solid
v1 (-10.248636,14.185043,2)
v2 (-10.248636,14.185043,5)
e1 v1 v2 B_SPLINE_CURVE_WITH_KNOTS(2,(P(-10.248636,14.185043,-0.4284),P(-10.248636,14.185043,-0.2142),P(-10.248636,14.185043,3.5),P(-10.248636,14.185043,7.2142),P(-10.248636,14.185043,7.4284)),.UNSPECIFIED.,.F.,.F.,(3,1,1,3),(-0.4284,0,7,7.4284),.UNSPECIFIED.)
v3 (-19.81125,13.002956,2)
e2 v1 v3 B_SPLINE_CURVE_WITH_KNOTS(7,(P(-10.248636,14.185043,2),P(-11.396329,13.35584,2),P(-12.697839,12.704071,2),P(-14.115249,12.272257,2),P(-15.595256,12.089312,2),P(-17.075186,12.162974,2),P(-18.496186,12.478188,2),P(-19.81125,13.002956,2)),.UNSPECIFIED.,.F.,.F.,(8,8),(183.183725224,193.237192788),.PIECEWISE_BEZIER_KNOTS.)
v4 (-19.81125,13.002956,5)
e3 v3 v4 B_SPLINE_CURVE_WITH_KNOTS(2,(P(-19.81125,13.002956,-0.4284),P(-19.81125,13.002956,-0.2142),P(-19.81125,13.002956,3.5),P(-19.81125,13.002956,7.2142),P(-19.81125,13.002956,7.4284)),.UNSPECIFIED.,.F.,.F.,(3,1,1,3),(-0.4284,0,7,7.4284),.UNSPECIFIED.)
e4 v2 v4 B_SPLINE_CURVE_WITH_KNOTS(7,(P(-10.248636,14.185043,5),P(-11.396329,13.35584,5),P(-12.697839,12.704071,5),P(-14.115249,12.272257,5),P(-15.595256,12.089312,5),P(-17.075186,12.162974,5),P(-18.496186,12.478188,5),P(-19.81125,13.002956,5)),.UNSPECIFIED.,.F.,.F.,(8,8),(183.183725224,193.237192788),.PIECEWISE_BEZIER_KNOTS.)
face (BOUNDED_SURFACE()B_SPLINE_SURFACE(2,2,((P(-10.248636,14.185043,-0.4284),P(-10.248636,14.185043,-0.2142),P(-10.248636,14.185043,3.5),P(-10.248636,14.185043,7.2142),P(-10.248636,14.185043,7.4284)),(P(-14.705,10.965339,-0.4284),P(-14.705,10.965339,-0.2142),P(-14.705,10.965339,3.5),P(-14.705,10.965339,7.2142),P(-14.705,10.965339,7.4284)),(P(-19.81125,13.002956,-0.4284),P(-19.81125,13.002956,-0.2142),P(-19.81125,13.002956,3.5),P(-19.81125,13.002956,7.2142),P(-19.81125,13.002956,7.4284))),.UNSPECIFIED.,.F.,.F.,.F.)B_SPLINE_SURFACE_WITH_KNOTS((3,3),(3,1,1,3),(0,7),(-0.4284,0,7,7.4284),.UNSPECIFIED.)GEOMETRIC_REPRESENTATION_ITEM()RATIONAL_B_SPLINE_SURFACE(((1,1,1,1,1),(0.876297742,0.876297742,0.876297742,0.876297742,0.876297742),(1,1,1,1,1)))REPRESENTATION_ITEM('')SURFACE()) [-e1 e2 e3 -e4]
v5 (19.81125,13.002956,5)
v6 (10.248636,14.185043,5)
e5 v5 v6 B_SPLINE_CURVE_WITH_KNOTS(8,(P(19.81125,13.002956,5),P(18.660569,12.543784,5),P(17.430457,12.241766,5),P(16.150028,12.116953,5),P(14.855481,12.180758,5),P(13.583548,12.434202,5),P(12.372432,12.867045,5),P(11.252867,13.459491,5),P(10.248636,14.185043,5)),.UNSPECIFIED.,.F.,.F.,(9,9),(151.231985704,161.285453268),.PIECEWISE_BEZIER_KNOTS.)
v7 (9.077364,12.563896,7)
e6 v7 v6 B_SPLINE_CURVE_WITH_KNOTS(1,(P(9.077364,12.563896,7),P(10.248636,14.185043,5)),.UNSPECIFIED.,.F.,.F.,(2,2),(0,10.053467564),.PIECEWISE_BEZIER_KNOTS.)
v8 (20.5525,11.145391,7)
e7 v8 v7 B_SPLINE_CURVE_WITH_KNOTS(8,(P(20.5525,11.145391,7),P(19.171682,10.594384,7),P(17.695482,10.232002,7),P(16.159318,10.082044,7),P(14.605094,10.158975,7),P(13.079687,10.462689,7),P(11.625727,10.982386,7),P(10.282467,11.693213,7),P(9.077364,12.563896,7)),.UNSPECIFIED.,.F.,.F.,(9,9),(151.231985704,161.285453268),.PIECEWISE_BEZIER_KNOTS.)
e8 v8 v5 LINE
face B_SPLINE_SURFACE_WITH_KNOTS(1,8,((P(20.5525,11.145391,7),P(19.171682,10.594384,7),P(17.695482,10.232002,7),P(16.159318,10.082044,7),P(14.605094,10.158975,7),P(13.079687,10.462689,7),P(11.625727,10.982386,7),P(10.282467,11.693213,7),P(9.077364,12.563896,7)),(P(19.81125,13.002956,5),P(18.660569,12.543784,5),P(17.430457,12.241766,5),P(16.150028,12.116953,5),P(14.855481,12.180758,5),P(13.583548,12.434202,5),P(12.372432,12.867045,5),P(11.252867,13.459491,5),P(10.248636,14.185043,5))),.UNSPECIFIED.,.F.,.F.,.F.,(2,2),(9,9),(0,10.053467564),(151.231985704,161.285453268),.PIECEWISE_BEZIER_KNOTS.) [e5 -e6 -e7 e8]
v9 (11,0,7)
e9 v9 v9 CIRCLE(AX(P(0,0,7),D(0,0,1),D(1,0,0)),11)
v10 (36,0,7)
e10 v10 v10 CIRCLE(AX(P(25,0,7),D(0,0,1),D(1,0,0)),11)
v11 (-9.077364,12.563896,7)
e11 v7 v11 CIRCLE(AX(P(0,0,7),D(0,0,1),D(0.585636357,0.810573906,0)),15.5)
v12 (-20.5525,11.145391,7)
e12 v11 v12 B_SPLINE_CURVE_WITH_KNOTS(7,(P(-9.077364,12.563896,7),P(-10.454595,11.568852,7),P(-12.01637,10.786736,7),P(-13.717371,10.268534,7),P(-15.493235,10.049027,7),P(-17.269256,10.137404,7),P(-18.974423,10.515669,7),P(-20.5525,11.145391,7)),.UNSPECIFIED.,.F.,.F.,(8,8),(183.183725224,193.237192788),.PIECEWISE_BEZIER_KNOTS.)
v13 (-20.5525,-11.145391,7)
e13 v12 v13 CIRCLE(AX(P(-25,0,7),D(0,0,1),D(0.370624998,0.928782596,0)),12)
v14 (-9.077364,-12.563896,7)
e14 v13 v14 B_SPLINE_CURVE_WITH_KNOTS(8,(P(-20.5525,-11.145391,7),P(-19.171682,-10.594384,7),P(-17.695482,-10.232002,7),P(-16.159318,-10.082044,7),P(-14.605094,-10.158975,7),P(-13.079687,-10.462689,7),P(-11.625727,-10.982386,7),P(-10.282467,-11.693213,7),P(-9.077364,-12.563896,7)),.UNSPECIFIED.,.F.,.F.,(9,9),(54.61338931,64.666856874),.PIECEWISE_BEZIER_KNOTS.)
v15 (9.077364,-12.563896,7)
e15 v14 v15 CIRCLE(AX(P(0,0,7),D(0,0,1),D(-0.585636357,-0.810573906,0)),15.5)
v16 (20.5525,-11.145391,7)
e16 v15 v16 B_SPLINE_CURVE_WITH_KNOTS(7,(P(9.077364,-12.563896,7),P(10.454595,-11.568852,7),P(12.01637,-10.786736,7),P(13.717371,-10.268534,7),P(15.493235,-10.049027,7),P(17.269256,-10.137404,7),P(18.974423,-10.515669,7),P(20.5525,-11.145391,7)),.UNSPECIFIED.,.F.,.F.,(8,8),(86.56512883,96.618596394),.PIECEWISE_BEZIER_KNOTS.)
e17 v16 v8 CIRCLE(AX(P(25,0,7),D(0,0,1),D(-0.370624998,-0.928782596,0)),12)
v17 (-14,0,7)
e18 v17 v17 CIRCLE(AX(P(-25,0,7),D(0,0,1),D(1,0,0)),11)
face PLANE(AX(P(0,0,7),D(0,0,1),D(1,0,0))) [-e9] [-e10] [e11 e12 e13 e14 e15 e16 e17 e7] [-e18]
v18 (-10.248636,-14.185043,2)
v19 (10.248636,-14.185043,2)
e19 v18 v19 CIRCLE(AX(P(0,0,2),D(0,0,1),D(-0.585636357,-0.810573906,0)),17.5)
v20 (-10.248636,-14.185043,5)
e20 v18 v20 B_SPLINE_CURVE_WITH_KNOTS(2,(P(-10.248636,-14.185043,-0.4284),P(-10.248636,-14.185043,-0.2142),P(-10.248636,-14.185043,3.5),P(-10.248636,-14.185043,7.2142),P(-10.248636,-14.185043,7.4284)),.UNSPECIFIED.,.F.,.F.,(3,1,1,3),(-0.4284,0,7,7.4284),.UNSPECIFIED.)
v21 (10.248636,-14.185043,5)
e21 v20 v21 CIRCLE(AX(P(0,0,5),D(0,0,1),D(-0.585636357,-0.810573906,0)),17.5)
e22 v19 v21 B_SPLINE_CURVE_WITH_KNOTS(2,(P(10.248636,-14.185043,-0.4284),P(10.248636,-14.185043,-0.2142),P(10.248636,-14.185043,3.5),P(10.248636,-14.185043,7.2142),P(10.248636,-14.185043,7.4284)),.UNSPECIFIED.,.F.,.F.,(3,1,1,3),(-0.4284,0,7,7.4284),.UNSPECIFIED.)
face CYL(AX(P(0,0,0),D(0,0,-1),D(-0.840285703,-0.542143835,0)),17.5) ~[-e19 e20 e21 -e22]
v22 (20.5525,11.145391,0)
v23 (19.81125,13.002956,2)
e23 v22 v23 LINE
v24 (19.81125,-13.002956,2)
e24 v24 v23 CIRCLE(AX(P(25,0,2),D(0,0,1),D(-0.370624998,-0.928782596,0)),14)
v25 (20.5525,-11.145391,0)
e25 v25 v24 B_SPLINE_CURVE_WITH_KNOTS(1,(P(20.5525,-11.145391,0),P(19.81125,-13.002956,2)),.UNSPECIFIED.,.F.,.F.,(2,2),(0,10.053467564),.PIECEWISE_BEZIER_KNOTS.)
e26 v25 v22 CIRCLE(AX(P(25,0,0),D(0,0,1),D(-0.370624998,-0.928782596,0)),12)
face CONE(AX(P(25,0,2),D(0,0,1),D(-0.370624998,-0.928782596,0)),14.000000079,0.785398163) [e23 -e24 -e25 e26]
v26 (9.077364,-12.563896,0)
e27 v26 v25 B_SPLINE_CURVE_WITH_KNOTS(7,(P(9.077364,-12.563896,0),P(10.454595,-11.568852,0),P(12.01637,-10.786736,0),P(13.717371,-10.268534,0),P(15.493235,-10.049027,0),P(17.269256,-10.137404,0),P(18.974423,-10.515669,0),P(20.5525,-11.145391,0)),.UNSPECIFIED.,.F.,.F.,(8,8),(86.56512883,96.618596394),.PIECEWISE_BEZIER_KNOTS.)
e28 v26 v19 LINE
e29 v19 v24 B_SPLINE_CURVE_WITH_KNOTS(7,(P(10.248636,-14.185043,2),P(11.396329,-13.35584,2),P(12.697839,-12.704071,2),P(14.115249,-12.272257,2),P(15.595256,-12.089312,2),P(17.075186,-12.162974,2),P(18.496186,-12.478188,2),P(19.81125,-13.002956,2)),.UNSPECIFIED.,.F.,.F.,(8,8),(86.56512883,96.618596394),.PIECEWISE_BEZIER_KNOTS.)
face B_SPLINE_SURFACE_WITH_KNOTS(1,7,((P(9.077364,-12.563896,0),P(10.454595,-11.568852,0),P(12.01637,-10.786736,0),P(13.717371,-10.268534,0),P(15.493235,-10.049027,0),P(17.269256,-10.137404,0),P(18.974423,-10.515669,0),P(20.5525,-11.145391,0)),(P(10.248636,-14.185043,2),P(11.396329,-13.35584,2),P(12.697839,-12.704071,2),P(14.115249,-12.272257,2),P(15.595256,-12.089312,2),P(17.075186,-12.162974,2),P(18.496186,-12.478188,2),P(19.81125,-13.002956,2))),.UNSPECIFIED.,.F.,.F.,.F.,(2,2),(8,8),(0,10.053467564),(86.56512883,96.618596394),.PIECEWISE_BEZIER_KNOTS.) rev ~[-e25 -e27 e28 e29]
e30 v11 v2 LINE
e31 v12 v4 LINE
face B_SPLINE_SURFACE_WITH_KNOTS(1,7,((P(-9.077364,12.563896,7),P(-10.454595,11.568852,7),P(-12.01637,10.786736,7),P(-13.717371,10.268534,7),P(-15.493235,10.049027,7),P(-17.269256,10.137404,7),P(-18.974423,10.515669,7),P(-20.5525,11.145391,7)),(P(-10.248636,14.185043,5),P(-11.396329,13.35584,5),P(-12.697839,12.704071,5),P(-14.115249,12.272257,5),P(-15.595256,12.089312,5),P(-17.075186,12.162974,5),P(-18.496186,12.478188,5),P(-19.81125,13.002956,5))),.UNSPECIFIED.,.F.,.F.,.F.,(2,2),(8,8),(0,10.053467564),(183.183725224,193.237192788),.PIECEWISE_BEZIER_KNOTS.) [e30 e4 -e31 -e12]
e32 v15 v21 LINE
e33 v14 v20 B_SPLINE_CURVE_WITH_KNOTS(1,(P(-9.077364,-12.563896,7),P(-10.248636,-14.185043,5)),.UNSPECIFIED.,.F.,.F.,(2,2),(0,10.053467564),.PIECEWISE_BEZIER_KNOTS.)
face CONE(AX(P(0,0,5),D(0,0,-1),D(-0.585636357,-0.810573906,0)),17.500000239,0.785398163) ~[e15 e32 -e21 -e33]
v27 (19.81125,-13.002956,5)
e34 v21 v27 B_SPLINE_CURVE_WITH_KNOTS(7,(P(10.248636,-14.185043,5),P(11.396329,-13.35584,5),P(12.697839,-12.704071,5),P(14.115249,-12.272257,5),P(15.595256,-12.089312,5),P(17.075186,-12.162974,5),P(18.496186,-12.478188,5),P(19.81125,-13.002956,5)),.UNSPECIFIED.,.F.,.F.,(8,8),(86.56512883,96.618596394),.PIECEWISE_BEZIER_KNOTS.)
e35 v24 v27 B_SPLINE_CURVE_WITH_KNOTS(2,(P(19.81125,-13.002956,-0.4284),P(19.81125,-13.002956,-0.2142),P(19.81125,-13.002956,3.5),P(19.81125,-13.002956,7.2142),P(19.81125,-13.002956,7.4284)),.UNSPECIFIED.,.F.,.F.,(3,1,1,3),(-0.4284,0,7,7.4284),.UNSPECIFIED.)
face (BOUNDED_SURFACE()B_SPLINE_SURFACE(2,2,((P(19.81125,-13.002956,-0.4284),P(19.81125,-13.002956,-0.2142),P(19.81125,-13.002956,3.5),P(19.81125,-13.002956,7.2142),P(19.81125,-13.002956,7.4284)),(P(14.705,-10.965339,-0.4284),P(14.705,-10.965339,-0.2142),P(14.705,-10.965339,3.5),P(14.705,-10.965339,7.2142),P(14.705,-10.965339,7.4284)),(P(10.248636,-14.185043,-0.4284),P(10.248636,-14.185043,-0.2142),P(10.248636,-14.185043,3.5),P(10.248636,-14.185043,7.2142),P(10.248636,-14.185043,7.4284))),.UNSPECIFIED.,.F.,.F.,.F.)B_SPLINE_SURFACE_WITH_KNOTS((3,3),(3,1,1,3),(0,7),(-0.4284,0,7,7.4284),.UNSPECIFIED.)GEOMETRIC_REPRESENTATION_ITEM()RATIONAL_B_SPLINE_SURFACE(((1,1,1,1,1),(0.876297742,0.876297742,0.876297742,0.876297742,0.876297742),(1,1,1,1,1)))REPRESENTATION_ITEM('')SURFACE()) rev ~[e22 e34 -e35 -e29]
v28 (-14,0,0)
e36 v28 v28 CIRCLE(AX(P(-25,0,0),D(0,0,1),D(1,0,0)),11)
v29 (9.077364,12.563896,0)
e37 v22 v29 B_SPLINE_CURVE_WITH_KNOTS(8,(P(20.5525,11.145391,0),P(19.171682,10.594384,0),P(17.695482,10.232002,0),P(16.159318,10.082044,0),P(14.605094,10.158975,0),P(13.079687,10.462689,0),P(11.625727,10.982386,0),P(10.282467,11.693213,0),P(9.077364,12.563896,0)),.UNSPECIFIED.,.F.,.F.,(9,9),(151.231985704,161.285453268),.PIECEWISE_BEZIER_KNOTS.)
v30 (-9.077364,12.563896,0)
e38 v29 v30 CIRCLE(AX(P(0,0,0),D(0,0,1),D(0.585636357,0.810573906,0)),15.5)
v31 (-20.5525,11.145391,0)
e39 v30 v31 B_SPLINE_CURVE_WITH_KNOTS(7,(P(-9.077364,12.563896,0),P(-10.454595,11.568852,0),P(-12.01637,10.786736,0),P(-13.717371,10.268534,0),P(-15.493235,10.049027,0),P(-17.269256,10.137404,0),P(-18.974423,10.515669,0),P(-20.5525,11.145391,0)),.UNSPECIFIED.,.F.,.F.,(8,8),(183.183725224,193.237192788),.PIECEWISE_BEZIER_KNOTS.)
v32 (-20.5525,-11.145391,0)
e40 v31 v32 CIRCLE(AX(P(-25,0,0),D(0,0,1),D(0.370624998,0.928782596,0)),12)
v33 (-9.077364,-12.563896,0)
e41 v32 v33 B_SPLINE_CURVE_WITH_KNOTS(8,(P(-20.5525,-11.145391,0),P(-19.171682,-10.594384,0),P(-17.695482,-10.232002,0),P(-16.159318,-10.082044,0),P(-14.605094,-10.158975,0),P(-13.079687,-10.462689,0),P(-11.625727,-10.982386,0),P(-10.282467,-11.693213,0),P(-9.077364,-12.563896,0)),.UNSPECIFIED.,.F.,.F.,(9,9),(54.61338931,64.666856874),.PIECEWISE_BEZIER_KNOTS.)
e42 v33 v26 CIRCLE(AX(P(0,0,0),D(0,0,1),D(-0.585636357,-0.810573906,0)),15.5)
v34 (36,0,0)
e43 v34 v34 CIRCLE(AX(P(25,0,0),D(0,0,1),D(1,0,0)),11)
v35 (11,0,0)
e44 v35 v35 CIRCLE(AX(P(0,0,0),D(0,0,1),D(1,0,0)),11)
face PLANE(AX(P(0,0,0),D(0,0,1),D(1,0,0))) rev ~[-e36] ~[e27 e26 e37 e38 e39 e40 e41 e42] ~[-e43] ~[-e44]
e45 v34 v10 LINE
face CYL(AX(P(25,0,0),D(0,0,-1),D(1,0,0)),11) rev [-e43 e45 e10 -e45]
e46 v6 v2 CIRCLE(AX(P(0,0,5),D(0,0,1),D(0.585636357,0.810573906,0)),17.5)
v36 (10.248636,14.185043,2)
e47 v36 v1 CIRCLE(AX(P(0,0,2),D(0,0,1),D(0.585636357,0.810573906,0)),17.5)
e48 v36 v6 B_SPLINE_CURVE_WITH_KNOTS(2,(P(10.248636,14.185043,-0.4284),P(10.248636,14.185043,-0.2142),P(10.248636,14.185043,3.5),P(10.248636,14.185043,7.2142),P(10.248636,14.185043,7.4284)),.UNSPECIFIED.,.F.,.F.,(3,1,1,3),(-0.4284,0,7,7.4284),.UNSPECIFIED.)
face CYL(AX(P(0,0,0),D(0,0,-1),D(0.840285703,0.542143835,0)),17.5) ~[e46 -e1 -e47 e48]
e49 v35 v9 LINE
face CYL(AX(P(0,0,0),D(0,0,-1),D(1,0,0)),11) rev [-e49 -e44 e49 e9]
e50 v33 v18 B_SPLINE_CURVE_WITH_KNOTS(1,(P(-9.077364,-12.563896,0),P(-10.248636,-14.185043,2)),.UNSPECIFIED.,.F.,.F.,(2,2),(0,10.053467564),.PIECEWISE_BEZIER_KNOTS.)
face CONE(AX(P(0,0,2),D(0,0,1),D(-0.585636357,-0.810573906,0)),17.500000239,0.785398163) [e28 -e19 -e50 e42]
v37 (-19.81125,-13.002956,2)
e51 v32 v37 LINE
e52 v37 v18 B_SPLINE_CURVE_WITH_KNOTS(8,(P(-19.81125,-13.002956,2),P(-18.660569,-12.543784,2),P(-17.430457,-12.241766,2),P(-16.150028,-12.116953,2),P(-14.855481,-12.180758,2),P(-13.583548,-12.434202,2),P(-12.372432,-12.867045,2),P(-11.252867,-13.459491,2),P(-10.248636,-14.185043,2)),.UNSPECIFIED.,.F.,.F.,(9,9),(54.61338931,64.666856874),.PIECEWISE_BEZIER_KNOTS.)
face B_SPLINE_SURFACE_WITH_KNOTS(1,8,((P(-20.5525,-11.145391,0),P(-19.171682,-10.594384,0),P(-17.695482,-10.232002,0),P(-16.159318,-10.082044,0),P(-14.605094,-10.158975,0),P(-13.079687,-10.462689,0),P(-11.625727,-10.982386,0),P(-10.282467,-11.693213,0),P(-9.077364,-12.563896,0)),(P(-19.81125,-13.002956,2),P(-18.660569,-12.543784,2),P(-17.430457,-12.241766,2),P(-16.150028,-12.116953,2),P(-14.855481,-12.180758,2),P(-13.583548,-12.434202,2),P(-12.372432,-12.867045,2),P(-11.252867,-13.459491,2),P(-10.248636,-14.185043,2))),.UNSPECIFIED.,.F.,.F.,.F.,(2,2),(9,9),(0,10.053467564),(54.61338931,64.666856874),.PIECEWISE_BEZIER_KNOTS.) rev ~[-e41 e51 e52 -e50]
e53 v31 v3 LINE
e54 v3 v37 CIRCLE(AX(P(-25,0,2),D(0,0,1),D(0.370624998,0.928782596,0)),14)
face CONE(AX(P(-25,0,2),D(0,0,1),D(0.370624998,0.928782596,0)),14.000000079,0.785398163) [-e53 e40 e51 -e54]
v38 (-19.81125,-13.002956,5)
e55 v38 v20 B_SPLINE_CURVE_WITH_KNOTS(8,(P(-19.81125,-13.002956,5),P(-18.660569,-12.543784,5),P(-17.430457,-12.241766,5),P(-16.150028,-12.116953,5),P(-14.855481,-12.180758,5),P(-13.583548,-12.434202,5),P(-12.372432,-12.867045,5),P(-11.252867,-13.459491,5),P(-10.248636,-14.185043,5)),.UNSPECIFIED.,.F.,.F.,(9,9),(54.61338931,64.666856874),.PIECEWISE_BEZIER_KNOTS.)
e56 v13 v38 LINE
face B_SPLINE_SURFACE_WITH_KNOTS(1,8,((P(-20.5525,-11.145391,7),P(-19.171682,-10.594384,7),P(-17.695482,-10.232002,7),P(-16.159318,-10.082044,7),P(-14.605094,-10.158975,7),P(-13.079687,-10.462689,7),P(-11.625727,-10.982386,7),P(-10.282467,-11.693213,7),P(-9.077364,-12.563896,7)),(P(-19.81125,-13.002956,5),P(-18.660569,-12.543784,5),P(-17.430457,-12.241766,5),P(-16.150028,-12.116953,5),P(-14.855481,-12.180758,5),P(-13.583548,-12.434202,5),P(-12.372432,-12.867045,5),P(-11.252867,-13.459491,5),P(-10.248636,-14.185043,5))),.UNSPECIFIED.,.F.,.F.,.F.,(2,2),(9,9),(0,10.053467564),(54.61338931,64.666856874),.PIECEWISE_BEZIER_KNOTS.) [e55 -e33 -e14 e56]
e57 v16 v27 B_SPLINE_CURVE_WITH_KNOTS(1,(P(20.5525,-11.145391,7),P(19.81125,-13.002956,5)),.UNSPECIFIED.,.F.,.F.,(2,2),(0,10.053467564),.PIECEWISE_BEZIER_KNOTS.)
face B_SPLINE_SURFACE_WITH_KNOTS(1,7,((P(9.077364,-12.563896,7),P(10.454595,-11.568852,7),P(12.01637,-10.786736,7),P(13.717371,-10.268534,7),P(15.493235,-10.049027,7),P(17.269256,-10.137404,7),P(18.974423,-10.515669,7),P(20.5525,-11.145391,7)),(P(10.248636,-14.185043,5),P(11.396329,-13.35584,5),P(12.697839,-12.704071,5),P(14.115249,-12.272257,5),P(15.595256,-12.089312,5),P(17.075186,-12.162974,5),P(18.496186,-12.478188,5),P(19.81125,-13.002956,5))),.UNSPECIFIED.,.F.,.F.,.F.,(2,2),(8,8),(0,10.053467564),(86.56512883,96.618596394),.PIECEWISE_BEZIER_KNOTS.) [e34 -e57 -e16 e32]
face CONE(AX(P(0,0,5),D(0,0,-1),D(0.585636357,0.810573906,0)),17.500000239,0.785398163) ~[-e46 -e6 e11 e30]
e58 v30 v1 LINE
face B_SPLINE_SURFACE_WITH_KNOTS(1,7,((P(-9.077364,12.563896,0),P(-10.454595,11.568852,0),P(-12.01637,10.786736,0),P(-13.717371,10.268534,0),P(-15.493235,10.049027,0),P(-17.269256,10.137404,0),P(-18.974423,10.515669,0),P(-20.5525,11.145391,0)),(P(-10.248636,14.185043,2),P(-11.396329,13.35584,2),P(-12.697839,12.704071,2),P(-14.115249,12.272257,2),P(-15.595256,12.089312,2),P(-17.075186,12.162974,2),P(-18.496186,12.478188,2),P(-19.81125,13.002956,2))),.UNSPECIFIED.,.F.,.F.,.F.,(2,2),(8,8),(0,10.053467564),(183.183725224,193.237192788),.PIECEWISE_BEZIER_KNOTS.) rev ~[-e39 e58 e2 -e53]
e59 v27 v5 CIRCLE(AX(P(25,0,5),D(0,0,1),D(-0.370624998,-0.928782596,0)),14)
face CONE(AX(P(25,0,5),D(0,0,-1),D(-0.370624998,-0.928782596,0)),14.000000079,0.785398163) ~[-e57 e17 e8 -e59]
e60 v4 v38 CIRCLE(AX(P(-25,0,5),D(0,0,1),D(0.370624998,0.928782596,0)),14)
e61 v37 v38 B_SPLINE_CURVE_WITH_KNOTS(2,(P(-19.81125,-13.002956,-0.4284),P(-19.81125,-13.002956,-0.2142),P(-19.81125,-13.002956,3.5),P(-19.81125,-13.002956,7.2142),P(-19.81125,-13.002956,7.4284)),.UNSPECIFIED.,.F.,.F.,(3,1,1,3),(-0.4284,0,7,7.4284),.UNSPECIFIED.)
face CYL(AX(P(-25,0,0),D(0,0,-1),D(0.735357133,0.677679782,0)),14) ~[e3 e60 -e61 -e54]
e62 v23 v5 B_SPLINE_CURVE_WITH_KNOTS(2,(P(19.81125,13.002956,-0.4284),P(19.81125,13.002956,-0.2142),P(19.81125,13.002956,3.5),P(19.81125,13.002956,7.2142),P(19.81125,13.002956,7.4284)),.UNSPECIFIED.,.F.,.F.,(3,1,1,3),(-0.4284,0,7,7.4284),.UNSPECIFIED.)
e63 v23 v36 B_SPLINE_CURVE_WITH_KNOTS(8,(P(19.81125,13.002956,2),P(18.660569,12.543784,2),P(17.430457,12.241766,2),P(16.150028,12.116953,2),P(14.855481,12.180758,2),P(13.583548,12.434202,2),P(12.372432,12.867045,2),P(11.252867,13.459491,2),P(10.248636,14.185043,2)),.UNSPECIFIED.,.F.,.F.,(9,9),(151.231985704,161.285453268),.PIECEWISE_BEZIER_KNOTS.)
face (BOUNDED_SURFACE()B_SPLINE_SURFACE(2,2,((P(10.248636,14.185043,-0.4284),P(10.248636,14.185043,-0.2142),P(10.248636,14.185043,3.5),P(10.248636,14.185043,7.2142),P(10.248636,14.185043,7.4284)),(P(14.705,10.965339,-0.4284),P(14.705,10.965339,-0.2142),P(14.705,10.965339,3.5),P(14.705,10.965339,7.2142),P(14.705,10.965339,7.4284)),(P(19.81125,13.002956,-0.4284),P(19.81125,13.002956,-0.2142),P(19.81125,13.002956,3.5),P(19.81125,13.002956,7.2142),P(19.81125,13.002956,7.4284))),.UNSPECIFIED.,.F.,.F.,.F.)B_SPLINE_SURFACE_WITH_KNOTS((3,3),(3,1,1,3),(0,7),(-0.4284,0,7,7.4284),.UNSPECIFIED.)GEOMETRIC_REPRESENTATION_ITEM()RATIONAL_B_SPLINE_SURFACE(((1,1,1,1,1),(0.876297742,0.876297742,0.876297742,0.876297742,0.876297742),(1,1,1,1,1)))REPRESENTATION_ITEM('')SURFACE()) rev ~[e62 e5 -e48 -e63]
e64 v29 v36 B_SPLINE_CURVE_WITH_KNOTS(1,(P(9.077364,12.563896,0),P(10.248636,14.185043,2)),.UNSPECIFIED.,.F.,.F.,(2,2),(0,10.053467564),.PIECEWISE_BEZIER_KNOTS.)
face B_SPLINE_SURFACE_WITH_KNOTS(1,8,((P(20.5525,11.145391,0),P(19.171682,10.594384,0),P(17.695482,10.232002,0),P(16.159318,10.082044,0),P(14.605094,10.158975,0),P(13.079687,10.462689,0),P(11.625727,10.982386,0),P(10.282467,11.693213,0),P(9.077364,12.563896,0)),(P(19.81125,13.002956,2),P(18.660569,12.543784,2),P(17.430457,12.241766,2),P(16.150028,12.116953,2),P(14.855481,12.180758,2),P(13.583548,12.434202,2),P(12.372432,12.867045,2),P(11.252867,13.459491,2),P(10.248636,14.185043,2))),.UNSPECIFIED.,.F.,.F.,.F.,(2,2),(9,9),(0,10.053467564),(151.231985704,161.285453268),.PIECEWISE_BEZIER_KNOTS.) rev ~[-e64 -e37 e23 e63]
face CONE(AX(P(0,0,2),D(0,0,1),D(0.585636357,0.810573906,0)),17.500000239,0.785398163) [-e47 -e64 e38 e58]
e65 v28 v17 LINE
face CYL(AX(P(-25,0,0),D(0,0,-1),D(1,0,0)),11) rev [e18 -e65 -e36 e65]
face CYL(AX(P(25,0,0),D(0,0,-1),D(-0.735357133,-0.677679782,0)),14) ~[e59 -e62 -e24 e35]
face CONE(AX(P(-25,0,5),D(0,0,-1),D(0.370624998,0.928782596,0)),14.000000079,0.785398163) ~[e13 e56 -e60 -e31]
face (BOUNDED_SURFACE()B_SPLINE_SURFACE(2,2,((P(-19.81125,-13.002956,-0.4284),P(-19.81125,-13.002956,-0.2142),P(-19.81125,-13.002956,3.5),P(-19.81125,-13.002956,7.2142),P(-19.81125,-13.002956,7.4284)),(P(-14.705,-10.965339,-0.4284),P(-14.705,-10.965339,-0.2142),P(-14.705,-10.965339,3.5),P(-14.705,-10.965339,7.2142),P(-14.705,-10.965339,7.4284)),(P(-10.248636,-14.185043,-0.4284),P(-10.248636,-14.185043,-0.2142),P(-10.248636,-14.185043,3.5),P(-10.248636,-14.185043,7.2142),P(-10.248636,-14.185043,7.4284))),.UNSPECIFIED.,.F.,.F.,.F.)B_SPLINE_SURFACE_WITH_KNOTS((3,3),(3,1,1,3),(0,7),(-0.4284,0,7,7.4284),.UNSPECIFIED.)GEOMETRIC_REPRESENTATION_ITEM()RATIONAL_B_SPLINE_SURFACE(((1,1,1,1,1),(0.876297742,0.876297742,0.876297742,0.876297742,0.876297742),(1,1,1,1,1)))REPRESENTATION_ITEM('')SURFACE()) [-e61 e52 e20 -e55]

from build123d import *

# Parameters (mm, degrees)
F0_R     = 11
F1_DEPTH = 7
F2_R     = 10
F3_SIZE  = 2
F4_SIZE  = 2


with BuildPart() as f1:
    # F0 (on Top) → F1 (new body)
    with BuildSketch(Plane.XY):
        with BuildLine():
            ThreePointArc((14.705, 9.487517), (0, 17.5), (-14.705, 9.487517))
            ThreePointArc((-14.705, 9.487517), (-39, 0), (-14.705, -9.487517))
            ThreePointArc((-14.705, -9.487517), (0, -17.5), (14.705, -9.487517))
            ThreePointArc((14.705, -9.487517), (39, 0), (14.705, 9.487517))
        make_face()
        with Locations((-25, 0)):
            Circle(F0_R, mode=Mode.SUBTRACT)
        Circle(F0_R, mode=Mode.SUBTRACT)
        with Locations((25, 0)):
            Circle(F0_R, mode=Mode.SUBTRACT)
    extrude(amount=F1_DEPTH)

    # F2
    f2_edges = [f1.edges().sort_by_distance(p)[0] for p in [
        (-14.705, -9.487517, 3.5),
        (14.705, -9.487517, 3.5),
        (-14.705, 9.487517, 3.5),
        (14.705, 9.487517, 3.5),
    ]]
    fillet(f2_edges, radius=F2_R)

    # F3
    f3_edges = [f1.edges().sort_by_distance(p)[0] for p in [
        (-39, 0, 7),
    ]]
    chamfer(f3_edges, length=F3_SIZE)

    # F4
    f4_edges = [f1.edges().sort_by_distance(p)[0] for p in [
        (-39, 0, 0),
    ]]
    chamfer(f4_edges, length=F4_SIZE)


solid = f1.part
